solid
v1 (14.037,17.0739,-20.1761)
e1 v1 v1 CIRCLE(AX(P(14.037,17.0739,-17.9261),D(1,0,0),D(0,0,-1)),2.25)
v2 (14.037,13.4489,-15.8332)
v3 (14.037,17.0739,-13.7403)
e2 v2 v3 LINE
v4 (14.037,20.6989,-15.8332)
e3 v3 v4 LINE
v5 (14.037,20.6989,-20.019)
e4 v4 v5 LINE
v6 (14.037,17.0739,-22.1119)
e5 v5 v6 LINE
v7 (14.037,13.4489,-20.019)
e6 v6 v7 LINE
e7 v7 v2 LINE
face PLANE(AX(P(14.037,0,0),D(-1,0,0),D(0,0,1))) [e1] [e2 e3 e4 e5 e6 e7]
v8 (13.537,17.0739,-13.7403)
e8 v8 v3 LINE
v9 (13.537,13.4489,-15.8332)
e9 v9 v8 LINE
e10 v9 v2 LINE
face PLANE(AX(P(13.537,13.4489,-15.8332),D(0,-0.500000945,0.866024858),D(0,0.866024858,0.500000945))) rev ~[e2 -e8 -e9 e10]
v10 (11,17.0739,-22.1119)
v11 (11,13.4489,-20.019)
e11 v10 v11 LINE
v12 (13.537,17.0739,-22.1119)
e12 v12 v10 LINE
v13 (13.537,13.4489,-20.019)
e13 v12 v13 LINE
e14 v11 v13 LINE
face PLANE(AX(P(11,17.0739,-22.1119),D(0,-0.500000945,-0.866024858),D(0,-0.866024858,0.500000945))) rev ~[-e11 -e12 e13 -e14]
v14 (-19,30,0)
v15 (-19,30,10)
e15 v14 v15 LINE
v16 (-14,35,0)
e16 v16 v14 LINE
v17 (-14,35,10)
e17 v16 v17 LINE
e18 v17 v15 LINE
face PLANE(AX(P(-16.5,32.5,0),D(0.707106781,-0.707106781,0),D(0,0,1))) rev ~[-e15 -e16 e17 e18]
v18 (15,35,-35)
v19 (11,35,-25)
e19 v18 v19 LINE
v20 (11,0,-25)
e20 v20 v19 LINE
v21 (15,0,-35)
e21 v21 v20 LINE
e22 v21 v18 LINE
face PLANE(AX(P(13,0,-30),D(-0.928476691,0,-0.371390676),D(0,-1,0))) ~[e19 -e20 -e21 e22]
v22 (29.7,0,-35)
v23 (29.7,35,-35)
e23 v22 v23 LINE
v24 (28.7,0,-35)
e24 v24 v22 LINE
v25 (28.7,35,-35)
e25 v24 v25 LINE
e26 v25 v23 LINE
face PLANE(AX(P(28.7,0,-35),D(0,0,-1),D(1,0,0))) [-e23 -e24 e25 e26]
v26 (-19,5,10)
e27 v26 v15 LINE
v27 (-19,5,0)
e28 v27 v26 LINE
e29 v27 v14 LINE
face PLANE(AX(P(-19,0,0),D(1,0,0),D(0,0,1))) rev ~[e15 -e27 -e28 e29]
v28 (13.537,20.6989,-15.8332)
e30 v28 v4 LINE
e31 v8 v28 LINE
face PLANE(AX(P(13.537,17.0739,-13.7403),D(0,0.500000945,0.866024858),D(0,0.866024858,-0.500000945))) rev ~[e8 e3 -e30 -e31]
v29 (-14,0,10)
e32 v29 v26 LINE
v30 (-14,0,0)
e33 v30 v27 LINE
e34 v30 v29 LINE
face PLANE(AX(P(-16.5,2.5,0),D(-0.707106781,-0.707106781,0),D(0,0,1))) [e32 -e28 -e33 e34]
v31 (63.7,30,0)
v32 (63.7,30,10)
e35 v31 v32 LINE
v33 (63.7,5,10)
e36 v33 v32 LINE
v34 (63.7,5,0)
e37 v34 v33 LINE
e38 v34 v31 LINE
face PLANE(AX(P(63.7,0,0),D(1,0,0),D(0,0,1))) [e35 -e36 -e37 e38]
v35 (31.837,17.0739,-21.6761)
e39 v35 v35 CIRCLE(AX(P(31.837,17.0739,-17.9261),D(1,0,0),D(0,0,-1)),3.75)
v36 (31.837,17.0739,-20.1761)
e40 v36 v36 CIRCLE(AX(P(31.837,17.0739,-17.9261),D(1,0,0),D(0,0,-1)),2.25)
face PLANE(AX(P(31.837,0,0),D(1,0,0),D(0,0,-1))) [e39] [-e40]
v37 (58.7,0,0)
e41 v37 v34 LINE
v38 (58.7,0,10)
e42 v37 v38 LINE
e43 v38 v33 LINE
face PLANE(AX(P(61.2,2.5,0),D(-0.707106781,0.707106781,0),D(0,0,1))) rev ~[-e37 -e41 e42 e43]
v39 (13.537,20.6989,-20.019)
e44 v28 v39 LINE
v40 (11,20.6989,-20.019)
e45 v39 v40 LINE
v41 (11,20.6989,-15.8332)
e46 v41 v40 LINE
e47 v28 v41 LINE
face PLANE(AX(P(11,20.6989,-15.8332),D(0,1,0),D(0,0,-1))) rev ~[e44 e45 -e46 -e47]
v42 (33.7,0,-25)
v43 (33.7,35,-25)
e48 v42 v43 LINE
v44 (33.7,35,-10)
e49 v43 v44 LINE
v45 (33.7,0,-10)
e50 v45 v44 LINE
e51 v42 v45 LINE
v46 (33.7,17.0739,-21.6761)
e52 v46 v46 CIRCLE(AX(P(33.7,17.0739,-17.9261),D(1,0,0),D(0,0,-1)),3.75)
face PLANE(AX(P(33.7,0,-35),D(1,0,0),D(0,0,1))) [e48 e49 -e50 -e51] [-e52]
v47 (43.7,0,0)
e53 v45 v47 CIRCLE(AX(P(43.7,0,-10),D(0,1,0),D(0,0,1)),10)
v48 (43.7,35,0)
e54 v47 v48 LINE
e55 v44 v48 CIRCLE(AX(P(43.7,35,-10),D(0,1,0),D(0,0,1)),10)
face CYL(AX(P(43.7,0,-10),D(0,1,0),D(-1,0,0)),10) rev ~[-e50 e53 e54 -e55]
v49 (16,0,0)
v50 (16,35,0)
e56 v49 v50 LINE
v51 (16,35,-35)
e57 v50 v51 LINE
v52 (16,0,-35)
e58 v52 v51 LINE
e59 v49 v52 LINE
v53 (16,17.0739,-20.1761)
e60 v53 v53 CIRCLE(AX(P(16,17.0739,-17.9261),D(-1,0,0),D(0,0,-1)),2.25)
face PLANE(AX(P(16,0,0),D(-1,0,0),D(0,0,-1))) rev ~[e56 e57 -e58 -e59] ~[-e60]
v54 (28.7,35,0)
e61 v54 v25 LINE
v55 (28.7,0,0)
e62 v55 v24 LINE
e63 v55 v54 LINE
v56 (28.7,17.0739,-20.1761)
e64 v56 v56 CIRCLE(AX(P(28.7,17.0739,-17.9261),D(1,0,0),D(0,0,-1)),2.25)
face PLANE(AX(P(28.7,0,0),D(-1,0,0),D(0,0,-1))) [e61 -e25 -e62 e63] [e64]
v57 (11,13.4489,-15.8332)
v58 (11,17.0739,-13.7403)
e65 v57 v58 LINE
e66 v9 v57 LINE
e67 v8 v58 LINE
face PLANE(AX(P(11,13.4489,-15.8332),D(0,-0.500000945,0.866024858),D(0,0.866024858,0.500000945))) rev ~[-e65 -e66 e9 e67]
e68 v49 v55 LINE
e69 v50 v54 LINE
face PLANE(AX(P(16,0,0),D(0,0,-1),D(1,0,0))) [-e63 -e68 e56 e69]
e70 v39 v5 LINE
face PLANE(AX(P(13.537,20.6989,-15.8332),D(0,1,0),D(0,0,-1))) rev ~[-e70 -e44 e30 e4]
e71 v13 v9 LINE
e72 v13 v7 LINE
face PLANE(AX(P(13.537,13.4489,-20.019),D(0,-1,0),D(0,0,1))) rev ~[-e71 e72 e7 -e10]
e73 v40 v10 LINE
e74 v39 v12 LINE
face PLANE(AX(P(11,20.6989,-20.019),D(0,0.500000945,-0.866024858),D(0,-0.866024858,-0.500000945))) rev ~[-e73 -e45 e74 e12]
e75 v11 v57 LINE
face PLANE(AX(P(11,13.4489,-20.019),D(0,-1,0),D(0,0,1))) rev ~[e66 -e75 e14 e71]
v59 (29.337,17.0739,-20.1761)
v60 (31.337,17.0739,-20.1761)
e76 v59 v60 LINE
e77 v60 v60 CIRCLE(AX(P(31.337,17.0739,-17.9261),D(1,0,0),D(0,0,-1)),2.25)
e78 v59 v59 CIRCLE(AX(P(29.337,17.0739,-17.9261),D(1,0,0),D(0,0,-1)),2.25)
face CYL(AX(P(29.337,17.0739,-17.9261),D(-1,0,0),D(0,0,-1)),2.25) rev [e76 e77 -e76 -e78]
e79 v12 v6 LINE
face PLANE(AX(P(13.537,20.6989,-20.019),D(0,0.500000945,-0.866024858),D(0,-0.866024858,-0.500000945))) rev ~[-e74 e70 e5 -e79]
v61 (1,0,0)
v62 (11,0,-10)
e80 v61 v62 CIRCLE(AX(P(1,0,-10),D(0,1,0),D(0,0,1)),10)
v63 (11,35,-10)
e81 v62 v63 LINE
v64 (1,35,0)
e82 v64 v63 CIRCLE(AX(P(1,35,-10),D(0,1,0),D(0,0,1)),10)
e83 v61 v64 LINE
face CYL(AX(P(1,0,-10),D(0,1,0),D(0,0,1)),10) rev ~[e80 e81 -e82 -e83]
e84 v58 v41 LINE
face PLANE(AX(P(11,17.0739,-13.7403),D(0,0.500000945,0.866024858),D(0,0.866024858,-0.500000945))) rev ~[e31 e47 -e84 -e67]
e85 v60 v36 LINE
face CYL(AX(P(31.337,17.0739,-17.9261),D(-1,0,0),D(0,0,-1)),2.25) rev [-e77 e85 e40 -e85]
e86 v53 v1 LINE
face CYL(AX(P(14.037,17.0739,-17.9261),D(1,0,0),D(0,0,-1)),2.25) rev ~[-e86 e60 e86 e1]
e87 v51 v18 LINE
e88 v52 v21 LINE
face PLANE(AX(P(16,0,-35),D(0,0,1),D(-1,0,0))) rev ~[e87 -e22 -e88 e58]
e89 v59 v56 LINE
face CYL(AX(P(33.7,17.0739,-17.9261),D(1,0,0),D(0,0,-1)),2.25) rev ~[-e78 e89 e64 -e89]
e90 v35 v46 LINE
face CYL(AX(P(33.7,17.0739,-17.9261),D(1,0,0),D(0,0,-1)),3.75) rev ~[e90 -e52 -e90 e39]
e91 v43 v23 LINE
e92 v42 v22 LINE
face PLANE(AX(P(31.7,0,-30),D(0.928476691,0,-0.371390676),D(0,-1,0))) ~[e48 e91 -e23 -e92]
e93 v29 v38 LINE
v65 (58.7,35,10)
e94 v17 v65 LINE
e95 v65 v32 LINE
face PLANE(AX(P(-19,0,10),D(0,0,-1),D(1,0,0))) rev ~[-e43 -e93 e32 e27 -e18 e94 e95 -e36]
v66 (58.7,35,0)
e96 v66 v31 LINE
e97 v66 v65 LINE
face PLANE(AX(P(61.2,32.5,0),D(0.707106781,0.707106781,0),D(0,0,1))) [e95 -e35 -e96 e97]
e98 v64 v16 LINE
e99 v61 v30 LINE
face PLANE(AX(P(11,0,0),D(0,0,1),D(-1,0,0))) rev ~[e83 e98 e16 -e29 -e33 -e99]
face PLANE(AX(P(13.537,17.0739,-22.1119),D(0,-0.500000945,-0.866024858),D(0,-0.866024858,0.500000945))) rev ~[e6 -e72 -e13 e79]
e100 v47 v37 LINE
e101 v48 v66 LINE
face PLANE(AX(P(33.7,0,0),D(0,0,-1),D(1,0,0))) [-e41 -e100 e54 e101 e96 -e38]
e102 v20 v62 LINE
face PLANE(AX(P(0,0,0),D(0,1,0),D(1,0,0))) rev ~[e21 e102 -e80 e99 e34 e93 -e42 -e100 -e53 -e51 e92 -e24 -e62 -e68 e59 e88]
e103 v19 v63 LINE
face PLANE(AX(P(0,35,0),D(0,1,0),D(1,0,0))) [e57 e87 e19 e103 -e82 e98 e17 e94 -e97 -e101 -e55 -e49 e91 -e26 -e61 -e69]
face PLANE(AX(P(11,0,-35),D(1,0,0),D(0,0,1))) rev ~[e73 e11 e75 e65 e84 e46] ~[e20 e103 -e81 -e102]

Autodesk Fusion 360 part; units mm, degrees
sketch "Sketch1" plane through (0, 0, 0) normal (0, 1, 0) x (1, 0, 0)
  line L0 (16, 0) -> (16, 35)
  line L1 (28.7, 0) -> (28.7, 35)
  line L2 (16, 35) -> (11, 35)
  line L3 (11, 35) -> (11, 0)
  line L4 (16, 0) -> (28.7, 0)
  line L5 (28.7, 35) -> (33.7, 35)
  line L6 (33.7, 35) -> (33.7, 0)
  line L7 (33.7, 0) -> (63.7, 0)
  line L8 (63.7, 0) -> (63.7, -10)
  line L9 (11, 0) -> (-19, 0)
  line L10 (-19, 0) -> (-19, -10)
  line L11 (-19, -10) -> (63.7, -10)
  dimension "d2" = 12.7
  dimension "d3" = 5
  dimension "d4" = 5
  dimension "d5" = 30
  dimension "d6" = 10
  dimension "d7" = 30
  dimension "d8" = 10
  dimension "d16" = 35
extrude "Extrude1" add sketch "Sketch1" along normal blind 35
sketch "Sketch2" plane through (33.7, 0, 0) normal (1, 0, 0) x (0, 0, -1)
  line L0 (0, 0) -> (35, 0)
  line L1 (35, 0) -> (35, 35)
  line L2 (35, 35) -> (0, 35)
  line L3 (0, 35) -> (0, 0)
  circle A0 centre (17.9261, 17.0739) radius 2.25
  line L4 (0, 35) -> (16.3351, 18.6649)
  line L5 (19.5171, 15.4829) -> (35, 0)
  line L6 (35, 35) -> (19.0329, 19.0329)
  line L7 (15.9671, 15.9671) -> (0, 0)
  dimension "d11" = 4.5
extrude "Extrude2" cut sketch "Sketch2" against normal blind 59 contours A0
ref_plane "WorkPlane1" through (22.35, 17.5, -12.5) normal (0, 1, 0) x (0, 0, 1)
sketch "Sketch3" plane through (0, 17.5, 0) normal (0, 1, 0) x (1, 0, 0)
  line L0 (-20, 0) -> (5, 0)
  line L1 (5, 0) -> (5, -10)
  line L2 (5, -10) -> (-20, -10)
  line L3 (-20, -10) -> (-20, 0)
  line L4 (44, 0) -> (44.05, 0)
  line L5 (33.7, 0) -> (33.7, 35)
  dimension "d14" = 25
sketch "Sketch4" plane through (11, 0, 0) normal (-1, 0, 0) x (0, 0, 1)
  circle A0 centre (-17.9261, 17.0739) radius 2.25 construction
  line L0 (-35, 0) -> (0, 0)
  line L1 (0, 0) -> (0, 35)
  line L2 (0, 35) -> (-35, 35)
  line L3 (-35, 35) -> (-35, 0)
  line L4 (-15.8332, 13.4489) -> (-13.7403, 17.0739)
  line L5 (-13.7403, 17.0739) -> (-15.8332, 20.6989)
  line L6 (-15.8332, 20.6989) -> (-20.019, 20.6989)
  line L7 (-20.019, 20.6989) -> (-22.1119, 17.0739)
  line L8 (-22.1119, 17.0739) -> (-20.019, 13.4489)
  line L9 (-20.019, 13.4489) -> (-15.8332, 13.4489)
  point P0 (-17.9261, 17.0739)
  dimension "d18" = 7.25
extrude "Extrude3" cut sketch "Sketch4" against normal blind 3 contours L4 L5 L6 L7 L8 L9
chamfer "Chamfer1" distance 5 angle 45 4 edges at (63.7, 0, 5) (63.7, 35, 5) (-19, 35, 5) (-19, 0, 5)
sketch "Sketch5" plane through (33.7, 0, 0) normal (1, 0, 0) x (0, 0, -1)
  circle A0 centre (17.9261, 17.0739) radius 2.25
  line L0 (0, 0) -> (35, 0)
  line L1 (35, 0) -> (35, 35)
  line L2 (35, 35) -> (0, 35)
  circle A1 centre (17.9261, 17.0739) radius 2.25
  circle A2 centre (17.9261, 17.0739) radius 3.75
  line L3 (0, 35) -> (0, 0)
  dimension "d24" = 7.5
extrude "Extrude4" cut sketch "Sketch5" against normal blind 3.7 contours A2
extrude "Extrude5" cut 1 faces at (14, 18.6077, -15.1575) along direction (1, 0, 0) blind 0.037
extrude "Extrude6" cut 1 faces at (30, 16.7758, -21.1538) along direction (-1, 0, 0) blind 0.663
chamfer "Chamfer2" distance 4 distance2 10 1 edges at (11, 17.5, -35) measured on face at (14.3333, 11.6667, -35)
chamfer "Chamfer2" distance 10 distance2 4 1 edges at (33.7, 17.5, -35) measured on face at (33.7, 30.2711, -17.5486)
extrude "Extrude7" add 1 faces at (14.037, 18.6077, -15.1575) along direction (-1, 0, 0) blind 0.5
extrude "Extrude8" add 1 faces at (29.337, 16.7758, -21.1538) along direction (1, 0, 0) blind 2
extrude "Extrude9" cut 1 faces at (13.537, 18.6077, -15.1575) along direction (1, 0, 0) blind 0.5
extrude "Extrude10" add 1 faces at (31.337, 16.7758, -21.1538) along direction (1, 0, 0) blind 0.5
fillet "Fillet1" radius 10 2 edges at (33.7, 17.5, 0) (11, 17.5, 0)
equation "d5 = d7"
